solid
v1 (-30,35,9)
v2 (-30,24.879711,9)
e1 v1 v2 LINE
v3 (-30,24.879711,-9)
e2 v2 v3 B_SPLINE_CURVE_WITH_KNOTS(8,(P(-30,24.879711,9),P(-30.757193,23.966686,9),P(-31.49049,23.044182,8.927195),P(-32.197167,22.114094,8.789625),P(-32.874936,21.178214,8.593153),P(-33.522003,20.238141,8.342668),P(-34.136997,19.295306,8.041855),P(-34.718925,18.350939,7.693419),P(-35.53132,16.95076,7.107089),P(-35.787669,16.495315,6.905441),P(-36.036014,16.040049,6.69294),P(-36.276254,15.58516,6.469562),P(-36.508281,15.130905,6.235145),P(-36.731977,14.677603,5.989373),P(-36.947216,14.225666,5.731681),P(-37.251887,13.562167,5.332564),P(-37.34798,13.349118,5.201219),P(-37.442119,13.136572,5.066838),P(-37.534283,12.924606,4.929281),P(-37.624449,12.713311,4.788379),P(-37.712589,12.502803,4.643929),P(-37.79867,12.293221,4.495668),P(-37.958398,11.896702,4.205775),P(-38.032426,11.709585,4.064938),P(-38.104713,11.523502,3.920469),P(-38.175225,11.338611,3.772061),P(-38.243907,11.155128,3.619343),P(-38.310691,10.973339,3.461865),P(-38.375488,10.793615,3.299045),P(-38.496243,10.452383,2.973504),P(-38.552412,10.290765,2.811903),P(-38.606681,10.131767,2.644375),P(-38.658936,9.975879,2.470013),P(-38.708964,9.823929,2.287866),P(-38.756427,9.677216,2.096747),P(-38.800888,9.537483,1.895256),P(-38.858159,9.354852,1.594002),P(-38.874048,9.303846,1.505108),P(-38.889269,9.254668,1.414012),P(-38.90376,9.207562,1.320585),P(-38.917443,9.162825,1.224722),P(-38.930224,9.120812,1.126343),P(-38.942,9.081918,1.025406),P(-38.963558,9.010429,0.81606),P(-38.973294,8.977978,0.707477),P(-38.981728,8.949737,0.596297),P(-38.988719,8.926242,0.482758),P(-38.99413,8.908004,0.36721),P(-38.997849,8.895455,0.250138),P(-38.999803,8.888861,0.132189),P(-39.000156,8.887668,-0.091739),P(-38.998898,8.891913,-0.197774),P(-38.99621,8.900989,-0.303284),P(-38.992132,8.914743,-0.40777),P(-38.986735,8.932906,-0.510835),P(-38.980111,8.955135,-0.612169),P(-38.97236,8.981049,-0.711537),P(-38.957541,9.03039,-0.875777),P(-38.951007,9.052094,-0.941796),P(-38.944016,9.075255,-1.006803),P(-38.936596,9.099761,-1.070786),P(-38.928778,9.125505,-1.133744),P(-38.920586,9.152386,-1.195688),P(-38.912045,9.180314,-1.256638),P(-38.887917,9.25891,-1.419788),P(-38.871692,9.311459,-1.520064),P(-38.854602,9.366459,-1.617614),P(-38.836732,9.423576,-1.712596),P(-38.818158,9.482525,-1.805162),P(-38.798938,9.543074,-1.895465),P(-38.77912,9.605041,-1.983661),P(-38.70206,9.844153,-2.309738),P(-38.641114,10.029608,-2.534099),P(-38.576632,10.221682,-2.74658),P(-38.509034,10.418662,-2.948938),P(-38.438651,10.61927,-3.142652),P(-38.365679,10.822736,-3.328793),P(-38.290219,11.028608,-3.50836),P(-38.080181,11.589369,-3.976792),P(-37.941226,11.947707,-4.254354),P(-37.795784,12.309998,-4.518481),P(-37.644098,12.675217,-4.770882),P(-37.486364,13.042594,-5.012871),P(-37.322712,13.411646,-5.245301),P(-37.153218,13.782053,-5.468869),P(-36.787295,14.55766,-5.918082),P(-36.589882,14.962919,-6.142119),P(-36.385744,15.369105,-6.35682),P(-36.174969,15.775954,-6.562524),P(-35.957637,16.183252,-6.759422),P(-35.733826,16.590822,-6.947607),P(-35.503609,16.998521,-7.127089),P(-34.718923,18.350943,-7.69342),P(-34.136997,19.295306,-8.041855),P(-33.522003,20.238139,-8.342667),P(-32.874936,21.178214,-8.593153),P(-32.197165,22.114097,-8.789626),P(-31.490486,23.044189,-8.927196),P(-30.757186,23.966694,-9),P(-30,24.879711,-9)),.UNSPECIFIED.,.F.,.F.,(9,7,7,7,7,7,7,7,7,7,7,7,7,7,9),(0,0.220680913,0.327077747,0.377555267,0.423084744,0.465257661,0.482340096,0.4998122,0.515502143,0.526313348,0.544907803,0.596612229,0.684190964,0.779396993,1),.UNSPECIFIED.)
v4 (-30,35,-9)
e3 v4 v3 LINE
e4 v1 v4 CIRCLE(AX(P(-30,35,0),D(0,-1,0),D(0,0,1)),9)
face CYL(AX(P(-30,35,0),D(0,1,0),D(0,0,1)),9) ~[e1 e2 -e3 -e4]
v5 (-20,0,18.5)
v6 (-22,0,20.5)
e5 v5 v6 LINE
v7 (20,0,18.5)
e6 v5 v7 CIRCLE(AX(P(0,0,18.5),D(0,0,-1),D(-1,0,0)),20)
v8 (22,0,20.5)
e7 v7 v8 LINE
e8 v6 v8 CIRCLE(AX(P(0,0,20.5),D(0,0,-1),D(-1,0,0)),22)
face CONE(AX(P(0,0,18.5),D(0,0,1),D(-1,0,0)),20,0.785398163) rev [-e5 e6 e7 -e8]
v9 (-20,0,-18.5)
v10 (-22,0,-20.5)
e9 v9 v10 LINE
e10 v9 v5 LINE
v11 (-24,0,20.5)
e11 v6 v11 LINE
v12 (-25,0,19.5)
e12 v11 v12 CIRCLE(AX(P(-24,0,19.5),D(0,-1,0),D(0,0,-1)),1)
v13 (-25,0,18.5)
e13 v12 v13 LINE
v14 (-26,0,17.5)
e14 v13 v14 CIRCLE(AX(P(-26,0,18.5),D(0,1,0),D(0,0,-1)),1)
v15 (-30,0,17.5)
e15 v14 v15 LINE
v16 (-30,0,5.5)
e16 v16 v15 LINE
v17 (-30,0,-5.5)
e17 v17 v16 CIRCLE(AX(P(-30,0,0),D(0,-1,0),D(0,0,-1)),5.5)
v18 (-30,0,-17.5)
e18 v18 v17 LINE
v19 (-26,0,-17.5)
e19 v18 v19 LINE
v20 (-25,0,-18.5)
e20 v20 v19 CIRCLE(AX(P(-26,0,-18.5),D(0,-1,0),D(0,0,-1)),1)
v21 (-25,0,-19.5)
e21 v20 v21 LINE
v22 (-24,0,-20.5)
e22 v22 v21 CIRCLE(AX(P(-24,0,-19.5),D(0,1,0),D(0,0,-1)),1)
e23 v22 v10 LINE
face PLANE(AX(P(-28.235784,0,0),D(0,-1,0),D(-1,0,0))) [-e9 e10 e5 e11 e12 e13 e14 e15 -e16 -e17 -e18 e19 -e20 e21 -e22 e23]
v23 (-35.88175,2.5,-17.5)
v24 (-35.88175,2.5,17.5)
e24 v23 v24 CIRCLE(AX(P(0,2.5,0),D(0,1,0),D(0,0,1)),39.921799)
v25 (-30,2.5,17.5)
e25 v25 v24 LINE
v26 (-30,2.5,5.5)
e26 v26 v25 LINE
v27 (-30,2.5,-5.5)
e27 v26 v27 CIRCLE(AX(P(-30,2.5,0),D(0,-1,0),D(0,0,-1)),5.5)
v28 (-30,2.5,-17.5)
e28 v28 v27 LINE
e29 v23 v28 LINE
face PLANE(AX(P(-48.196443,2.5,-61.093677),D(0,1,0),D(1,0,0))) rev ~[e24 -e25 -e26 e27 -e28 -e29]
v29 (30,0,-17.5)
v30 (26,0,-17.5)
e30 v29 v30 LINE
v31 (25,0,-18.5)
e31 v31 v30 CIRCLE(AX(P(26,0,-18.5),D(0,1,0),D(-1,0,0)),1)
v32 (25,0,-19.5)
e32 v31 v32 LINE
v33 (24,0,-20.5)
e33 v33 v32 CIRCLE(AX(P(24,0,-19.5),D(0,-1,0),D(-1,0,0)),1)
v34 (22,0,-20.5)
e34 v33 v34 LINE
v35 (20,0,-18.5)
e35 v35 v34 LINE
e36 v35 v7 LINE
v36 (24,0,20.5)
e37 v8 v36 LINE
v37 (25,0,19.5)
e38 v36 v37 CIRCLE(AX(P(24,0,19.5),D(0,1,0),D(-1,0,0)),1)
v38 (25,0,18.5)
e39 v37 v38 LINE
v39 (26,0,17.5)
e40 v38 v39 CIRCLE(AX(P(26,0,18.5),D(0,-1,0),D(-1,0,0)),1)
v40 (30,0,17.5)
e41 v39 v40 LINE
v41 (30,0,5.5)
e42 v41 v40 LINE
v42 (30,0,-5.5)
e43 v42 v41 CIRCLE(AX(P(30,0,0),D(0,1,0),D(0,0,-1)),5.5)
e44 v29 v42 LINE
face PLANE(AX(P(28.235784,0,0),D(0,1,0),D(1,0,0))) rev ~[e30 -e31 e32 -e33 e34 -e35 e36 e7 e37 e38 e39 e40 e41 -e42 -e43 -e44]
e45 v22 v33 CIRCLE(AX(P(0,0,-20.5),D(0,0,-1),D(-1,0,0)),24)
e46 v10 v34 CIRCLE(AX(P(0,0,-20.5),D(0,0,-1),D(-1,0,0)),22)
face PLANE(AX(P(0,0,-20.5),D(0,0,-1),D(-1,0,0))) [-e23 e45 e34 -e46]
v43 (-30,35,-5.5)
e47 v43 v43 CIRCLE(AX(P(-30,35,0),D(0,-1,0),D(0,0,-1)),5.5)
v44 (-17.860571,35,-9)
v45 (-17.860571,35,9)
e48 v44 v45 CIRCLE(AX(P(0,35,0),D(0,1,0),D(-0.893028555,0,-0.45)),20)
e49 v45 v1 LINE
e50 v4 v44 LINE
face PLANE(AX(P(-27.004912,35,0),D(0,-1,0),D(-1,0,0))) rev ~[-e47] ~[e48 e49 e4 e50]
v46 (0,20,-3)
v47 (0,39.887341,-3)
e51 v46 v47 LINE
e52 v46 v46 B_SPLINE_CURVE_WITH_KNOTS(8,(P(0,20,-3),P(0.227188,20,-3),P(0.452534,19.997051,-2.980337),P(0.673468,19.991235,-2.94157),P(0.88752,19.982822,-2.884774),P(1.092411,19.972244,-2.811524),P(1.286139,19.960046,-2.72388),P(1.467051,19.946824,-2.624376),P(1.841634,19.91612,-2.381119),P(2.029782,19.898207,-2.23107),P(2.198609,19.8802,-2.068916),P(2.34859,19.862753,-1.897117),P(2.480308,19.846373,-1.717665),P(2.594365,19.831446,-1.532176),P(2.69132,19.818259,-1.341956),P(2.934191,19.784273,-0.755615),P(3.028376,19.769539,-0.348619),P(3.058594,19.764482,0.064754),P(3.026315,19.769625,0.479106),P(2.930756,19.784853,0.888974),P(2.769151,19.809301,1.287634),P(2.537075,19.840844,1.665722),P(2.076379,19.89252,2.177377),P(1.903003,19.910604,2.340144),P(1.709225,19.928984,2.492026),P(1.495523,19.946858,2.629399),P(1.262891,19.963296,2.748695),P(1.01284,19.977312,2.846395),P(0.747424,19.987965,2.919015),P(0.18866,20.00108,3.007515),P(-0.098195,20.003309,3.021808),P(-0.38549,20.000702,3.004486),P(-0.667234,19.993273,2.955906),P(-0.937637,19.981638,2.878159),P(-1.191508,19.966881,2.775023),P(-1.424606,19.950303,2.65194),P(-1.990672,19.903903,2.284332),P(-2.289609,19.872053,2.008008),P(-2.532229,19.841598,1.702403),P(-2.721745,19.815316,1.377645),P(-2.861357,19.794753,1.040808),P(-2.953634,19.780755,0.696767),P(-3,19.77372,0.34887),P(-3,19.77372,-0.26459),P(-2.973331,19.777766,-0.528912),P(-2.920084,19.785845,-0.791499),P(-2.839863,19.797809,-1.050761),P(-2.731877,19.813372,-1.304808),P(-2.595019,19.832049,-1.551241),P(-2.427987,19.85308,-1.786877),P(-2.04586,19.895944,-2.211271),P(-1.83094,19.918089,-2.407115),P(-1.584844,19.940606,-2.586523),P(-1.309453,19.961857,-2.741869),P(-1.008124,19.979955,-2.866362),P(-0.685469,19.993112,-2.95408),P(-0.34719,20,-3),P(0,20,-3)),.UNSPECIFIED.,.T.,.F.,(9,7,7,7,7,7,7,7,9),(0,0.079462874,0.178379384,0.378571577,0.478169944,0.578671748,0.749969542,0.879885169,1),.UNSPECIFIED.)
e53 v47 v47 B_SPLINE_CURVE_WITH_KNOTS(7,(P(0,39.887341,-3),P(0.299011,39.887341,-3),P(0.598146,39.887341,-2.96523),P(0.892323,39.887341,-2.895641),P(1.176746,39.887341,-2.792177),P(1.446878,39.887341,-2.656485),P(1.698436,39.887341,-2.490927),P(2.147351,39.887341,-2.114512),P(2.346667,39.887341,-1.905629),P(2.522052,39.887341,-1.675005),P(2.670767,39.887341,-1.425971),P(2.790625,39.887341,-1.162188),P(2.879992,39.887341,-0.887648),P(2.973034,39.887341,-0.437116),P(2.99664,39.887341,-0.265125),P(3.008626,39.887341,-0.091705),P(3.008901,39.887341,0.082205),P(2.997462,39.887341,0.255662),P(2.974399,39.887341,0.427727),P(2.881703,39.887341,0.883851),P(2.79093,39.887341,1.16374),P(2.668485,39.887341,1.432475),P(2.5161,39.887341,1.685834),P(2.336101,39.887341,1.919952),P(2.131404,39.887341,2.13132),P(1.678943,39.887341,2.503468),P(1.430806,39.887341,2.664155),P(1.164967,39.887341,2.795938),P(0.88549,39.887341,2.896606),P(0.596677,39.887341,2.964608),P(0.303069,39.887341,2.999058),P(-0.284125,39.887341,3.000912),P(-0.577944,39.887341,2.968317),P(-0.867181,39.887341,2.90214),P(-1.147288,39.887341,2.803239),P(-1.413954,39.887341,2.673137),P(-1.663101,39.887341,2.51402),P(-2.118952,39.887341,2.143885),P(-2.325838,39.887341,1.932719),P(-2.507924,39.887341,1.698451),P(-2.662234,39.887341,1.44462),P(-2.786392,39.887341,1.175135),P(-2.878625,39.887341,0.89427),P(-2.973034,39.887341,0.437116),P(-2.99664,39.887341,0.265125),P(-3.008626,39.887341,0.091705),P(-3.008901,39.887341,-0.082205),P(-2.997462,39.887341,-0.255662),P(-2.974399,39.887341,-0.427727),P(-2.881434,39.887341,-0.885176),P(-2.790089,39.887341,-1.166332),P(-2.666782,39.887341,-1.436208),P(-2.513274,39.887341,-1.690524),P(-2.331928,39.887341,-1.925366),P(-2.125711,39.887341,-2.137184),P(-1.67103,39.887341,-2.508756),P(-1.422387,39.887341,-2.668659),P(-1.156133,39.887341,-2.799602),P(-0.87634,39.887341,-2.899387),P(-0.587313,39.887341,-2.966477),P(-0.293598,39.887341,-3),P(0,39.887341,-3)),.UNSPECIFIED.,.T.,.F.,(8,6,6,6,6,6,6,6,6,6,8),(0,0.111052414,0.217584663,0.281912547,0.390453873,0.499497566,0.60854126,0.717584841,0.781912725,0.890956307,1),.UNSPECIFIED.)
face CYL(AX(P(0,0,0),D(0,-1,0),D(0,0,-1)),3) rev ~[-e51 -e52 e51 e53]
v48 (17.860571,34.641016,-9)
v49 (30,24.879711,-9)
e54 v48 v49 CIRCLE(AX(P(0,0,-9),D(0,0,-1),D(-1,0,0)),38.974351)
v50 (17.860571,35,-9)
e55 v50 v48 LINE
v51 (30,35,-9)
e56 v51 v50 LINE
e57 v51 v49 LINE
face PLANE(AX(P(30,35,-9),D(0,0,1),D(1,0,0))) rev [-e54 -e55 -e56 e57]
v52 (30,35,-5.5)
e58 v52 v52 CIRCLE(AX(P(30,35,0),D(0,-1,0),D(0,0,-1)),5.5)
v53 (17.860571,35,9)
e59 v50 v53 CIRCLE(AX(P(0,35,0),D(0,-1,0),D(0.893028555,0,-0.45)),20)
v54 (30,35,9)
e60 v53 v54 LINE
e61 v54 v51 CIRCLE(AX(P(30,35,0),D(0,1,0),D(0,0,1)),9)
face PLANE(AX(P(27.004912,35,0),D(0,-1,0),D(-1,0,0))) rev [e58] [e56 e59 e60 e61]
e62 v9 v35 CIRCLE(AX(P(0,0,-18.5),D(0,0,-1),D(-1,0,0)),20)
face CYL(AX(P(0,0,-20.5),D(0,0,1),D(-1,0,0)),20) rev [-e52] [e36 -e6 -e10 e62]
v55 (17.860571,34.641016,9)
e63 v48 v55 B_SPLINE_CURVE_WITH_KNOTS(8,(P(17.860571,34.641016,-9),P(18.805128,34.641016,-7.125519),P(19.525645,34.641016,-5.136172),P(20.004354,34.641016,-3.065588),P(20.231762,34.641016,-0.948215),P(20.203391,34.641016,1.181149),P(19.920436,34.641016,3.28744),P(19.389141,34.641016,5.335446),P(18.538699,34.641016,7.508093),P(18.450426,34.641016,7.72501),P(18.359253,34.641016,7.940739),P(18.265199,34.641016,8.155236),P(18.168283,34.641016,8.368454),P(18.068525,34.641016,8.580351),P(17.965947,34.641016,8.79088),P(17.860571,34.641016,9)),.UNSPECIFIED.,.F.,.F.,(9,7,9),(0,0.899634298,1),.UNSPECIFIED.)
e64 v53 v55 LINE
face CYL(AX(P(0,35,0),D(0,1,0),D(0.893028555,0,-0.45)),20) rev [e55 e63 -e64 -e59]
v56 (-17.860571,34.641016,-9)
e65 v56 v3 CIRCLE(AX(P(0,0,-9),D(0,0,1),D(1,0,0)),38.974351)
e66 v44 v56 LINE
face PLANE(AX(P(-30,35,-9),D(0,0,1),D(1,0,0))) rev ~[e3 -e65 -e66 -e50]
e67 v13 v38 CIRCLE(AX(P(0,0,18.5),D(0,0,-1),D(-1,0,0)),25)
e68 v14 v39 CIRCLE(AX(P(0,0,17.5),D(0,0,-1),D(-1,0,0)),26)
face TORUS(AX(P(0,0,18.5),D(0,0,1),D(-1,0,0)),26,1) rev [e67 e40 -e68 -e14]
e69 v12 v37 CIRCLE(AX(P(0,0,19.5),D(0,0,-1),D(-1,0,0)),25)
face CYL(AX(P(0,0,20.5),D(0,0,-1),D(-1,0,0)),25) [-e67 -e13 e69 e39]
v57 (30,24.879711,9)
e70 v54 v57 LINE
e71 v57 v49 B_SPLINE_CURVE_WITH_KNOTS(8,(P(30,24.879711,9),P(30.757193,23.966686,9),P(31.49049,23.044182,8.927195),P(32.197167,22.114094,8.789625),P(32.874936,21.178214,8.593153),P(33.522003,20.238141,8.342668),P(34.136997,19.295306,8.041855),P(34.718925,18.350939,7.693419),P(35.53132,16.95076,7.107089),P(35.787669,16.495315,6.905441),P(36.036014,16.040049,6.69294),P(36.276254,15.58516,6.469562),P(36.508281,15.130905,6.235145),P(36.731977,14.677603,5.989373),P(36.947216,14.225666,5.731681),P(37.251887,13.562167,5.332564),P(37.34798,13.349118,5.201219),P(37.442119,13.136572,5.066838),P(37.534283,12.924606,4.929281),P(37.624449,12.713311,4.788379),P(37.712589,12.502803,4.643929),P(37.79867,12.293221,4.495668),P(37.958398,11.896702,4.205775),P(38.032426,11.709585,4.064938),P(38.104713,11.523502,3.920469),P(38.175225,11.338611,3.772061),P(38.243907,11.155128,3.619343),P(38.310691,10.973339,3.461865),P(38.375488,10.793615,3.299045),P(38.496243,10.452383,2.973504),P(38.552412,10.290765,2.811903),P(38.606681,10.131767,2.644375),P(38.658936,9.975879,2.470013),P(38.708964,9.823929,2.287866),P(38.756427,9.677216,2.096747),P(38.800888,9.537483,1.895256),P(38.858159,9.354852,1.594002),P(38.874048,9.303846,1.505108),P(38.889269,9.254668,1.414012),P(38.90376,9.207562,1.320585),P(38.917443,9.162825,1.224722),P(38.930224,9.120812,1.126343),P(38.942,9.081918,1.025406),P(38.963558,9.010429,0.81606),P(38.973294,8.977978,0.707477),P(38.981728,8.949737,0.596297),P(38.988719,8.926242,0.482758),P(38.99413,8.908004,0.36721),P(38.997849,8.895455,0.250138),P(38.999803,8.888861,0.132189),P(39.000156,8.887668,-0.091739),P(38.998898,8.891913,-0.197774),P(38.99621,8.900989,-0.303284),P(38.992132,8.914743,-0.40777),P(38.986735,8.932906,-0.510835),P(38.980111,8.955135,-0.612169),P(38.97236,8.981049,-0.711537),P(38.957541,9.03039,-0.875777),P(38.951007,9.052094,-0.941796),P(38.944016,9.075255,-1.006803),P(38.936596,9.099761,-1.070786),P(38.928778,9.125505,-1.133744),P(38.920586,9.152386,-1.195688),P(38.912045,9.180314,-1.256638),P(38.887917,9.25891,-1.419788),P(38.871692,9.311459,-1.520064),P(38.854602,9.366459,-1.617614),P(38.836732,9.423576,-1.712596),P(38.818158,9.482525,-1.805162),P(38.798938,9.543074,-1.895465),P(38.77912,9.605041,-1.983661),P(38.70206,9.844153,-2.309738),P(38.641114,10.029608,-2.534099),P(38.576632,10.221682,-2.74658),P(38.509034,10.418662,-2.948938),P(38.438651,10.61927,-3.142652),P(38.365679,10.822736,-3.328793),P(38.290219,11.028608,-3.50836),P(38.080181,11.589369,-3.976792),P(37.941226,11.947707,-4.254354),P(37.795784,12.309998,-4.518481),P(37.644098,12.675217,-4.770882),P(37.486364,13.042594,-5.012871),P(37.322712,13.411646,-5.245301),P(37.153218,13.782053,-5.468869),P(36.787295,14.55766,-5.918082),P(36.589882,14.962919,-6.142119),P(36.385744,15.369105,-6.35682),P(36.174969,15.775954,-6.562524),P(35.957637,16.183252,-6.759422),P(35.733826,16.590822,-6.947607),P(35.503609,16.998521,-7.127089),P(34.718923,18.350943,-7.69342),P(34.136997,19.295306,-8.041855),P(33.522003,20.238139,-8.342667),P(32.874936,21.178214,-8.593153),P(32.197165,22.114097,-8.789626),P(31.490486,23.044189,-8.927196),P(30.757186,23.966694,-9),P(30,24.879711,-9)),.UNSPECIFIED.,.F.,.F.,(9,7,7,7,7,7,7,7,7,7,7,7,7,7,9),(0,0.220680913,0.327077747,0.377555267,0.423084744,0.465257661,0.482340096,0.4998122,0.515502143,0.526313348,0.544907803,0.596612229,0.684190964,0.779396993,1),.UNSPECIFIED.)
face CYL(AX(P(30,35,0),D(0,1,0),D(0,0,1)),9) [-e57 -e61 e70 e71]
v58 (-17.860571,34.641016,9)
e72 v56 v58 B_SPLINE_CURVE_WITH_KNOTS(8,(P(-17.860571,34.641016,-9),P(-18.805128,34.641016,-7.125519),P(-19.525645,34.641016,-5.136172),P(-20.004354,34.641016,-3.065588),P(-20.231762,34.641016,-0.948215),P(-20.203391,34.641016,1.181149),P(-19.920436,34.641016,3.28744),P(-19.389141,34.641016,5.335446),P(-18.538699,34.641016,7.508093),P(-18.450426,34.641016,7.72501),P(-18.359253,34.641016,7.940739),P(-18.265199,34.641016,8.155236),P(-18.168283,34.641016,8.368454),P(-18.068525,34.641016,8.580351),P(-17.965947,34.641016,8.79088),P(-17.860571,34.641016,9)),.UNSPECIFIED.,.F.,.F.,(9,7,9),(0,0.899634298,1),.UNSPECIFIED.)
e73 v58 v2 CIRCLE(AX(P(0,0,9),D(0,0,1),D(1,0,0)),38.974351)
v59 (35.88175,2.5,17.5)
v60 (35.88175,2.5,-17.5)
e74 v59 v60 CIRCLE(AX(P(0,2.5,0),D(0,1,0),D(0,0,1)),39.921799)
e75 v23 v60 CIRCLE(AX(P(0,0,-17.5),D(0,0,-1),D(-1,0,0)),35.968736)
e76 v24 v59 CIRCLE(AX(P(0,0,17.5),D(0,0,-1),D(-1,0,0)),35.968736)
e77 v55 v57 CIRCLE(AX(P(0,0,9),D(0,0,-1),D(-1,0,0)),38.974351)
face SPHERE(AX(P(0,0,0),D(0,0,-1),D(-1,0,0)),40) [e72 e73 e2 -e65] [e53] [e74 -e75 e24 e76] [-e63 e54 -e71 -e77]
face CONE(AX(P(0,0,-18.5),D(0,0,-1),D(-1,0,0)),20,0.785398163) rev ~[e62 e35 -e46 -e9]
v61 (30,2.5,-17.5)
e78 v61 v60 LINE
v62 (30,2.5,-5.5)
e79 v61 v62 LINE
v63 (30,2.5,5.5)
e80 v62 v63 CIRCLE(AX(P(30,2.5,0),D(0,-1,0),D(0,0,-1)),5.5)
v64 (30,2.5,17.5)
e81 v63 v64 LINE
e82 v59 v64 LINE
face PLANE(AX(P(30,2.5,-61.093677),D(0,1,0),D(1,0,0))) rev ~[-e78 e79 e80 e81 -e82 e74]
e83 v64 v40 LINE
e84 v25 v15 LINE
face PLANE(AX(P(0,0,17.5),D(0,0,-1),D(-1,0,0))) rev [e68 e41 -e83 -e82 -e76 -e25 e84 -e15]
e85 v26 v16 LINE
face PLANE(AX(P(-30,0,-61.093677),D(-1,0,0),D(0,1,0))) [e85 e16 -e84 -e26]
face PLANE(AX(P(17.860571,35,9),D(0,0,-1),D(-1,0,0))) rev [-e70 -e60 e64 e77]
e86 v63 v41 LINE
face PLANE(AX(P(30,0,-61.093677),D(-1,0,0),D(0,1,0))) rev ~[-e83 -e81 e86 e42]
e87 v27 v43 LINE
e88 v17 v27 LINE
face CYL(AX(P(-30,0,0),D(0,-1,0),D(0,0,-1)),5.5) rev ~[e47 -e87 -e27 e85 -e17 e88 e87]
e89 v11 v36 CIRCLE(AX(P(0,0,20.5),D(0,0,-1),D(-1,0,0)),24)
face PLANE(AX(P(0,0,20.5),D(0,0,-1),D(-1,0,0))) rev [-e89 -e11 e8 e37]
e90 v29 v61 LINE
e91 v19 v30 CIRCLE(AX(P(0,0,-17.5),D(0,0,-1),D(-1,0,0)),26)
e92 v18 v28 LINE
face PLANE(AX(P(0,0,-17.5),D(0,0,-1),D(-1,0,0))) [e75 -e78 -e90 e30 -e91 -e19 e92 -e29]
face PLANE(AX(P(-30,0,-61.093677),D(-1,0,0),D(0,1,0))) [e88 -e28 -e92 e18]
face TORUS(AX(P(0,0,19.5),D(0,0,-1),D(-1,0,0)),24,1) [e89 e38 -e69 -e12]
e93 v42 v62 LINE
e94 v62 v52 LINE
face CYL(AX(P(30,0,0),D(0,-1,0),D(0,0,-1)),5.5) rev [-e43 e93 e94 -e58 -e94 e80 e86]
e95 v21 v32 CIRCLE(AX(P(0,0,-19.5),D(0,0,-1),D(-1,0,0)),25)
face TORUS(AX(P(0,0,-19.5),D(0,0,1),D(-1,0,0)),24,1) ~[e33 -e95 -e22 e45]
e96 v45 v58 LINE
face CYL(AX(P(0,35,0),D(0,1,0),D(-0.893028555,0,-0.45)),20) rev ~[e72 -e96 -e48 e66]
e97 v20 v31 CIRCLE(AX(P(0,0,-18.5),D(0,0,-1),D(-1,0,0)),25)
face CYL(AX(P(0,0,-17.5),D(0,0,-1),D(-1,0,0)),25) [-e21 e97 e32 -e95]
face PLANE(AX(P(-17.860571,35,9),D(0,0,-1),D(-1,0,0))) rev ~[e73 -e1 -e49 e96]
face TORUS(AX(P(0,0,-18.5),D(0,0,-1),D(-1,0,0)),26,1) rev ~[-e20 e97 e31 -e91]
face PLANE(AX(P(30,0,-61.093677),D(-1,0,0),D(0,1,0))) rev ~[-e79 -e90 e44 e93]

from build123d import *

# Parameters (mm, degrees)
REVOLVE1_ANGLE           = 180
BOSS_EXTRUDE1_REACH      = 58.967
BOSS_EXTRUDE1_END_RADIUS = 40
SKETCH3_R                = 5.5
CUT_EXTRUDE1_DEPTH       = 61.16851336
SKETCH4_R                = 3
CUT_EXTRUDE2_DEPTH       = 61.16851336
CUT_EXTRUDE3_DEPTH       = 61.093676973
CUT_EXTRUDE3_DEPTH_BACK  = 61.093676973
SKETCH5_W                = 18.19644254
SKETCH5_H                = 2.5
SKETCH5_W_2              = 19.029010645
CHAMFER1_SIZE            = 2
FILLET1_R                = 1


with BuildPart() as part:
    # Sketch1 → Revolve1 (revolve)
    with BuildSketch(Plane(origin=(0, 0, 0), x_dir=(1, 0, 0), z_dir=(0, 1, 0))):
        with BuildLine():
            Line((-20, 20.5), (-20, -20.5))
            Line((-20, -20.5), (-25, -20.5))
            Line((-25, -20.5), (-25, -17.5))
            Line((-25, -17.5), (-35.968736425, -17.5))
            ThreePointArc((-35.968736425, -17.5), (-40, 0), (-35.968736425, 17.5))
            Line((-35.968736425, 17.5), (-25, 17.5))
            Line((-25, 17.5), (-25, 20.5))
            Line((-25, 20.5), (-20, 20.5))
        make_face()
    revolve(axis=Axis((0, 0, 0), (0, 0, -1)), revolution_arc=REVOLVE1_ANGLE)

    # Boss-Extrude1: up to this sphere (the profile starts outside it)
    boss_extrude1_end = Location((0, 0, 0)) * Sphere(BOSS_EXTRUDE1_END_RADIUS, mode=Mode.PRIVATE)
    # Sketch2 → Boss-Extrude1 (add, up to the surface)
    with BuildSketch(Plane(origin=(0, 35, 0), x_dir=(-1, 0, 0), z_dir=(0, -1, 0)), mode=Mode.PRIVATE) as boss_extrude1_sk1:
        with BuildLine():
            Line((30, 9), (17.860571099, 9))
            ThreePointArc((17.860571099, 9), (20, 0), (17.860571099, -9))
            Line((17.860571099, -9), (30, -9))
            ThreePointArc((30, -9), (39, 0), (30, 9))
        make_face()
    boss_extrude1_tool1 = extrude(boss_extrude1_sk1.sketch, amount=BOSS_EXTRUDE1_REACH, mode=Mode.PRIVATE) - boss_extrude1_end
    boss_extrude1 = boss_extrude1_tool1.solids().sort_by_distance((-28.288022, 35, 0))[0]
    add(boss_extrude1)

    # Sketch3 → Cut-Extrude1 (cut, through all)
    with BuildSketch(Plane.XZ):
        with Locations(Location((-30, 0, 0), (0, 0, 270))):
            Circle(SKETCH3_R)
    cut_extrude1 = extrude(amount=-CUT_EXTRUDE1_DEPTH, mode=Mode.SUBTRACT)

    # Mirror1: Boss-Extrude1, Cut-Extrude1 across plane
    add(boss_extrude1.mirror(Plane(origin=(0, 0, 0), x_dir=(0, 0, 1), z_dir=(1, 0, 0))))
    add(cut_extrude1.mirror(Plane(origin=(0, 0, 0), x_dir=(0, 0, 1), z_dir=(1, 0, 0))), mode=Mode.SUBTRACT)

    # Sketch4 → Cut-Extrude2 (cut, through all)
    with BuildSketch(Plane.XZ):
        with Locations(Location((0, 0, 0), (0, 0, 270))):
            Circle(SKETCH4_R)
    extrude(amount=-CUT_EXTRUDE2_DEPTH, mode=Mode.SUBTRACT)

    # Sketch5 → Cut-Extrude3 (cut, two sides: drawn at the far end of the back side and taken through both)
    with BuildSketch(Plane.XY.offset(-CUT_EXTRUDE3_DEPTH_BACK)):
        with Locations((-39.09822127, 1.25)):
            Rectangle(SKETCH5_W, SKETCH5_H)
        with Locations((39.514505322, 1.25)):
            Rectangle(SKETCH5_W_2, SKETCH5_H)
    extrude(amount=CUT_EXTRUDE3_DEPTH + CUT_EXTRUDE3_DEPTH_BACK, mode=Mode.SUBTRACT)

    # Chamfer1
    chamfer1_edges = [part.edges().sort_by_distance(p)[0] for p in [
        (0, 20, -20.5),
        (0, 20, 20.5),
    ]]
    chamfer(chamfer1_edges, length=CHAMFER1_SIZE)

    # Fillet1
    fillet1_edges = [part.edges().sort_by_distance(p)[0] for p in [
        (0, 25, 20.5),
        (0, 25, 17.5),
        (0, 25, -17.5),
        (0, 25, -20.5),
    ]]
    fillet(fillet1_edges, radius=FILLET1_R)


solid = part.part
